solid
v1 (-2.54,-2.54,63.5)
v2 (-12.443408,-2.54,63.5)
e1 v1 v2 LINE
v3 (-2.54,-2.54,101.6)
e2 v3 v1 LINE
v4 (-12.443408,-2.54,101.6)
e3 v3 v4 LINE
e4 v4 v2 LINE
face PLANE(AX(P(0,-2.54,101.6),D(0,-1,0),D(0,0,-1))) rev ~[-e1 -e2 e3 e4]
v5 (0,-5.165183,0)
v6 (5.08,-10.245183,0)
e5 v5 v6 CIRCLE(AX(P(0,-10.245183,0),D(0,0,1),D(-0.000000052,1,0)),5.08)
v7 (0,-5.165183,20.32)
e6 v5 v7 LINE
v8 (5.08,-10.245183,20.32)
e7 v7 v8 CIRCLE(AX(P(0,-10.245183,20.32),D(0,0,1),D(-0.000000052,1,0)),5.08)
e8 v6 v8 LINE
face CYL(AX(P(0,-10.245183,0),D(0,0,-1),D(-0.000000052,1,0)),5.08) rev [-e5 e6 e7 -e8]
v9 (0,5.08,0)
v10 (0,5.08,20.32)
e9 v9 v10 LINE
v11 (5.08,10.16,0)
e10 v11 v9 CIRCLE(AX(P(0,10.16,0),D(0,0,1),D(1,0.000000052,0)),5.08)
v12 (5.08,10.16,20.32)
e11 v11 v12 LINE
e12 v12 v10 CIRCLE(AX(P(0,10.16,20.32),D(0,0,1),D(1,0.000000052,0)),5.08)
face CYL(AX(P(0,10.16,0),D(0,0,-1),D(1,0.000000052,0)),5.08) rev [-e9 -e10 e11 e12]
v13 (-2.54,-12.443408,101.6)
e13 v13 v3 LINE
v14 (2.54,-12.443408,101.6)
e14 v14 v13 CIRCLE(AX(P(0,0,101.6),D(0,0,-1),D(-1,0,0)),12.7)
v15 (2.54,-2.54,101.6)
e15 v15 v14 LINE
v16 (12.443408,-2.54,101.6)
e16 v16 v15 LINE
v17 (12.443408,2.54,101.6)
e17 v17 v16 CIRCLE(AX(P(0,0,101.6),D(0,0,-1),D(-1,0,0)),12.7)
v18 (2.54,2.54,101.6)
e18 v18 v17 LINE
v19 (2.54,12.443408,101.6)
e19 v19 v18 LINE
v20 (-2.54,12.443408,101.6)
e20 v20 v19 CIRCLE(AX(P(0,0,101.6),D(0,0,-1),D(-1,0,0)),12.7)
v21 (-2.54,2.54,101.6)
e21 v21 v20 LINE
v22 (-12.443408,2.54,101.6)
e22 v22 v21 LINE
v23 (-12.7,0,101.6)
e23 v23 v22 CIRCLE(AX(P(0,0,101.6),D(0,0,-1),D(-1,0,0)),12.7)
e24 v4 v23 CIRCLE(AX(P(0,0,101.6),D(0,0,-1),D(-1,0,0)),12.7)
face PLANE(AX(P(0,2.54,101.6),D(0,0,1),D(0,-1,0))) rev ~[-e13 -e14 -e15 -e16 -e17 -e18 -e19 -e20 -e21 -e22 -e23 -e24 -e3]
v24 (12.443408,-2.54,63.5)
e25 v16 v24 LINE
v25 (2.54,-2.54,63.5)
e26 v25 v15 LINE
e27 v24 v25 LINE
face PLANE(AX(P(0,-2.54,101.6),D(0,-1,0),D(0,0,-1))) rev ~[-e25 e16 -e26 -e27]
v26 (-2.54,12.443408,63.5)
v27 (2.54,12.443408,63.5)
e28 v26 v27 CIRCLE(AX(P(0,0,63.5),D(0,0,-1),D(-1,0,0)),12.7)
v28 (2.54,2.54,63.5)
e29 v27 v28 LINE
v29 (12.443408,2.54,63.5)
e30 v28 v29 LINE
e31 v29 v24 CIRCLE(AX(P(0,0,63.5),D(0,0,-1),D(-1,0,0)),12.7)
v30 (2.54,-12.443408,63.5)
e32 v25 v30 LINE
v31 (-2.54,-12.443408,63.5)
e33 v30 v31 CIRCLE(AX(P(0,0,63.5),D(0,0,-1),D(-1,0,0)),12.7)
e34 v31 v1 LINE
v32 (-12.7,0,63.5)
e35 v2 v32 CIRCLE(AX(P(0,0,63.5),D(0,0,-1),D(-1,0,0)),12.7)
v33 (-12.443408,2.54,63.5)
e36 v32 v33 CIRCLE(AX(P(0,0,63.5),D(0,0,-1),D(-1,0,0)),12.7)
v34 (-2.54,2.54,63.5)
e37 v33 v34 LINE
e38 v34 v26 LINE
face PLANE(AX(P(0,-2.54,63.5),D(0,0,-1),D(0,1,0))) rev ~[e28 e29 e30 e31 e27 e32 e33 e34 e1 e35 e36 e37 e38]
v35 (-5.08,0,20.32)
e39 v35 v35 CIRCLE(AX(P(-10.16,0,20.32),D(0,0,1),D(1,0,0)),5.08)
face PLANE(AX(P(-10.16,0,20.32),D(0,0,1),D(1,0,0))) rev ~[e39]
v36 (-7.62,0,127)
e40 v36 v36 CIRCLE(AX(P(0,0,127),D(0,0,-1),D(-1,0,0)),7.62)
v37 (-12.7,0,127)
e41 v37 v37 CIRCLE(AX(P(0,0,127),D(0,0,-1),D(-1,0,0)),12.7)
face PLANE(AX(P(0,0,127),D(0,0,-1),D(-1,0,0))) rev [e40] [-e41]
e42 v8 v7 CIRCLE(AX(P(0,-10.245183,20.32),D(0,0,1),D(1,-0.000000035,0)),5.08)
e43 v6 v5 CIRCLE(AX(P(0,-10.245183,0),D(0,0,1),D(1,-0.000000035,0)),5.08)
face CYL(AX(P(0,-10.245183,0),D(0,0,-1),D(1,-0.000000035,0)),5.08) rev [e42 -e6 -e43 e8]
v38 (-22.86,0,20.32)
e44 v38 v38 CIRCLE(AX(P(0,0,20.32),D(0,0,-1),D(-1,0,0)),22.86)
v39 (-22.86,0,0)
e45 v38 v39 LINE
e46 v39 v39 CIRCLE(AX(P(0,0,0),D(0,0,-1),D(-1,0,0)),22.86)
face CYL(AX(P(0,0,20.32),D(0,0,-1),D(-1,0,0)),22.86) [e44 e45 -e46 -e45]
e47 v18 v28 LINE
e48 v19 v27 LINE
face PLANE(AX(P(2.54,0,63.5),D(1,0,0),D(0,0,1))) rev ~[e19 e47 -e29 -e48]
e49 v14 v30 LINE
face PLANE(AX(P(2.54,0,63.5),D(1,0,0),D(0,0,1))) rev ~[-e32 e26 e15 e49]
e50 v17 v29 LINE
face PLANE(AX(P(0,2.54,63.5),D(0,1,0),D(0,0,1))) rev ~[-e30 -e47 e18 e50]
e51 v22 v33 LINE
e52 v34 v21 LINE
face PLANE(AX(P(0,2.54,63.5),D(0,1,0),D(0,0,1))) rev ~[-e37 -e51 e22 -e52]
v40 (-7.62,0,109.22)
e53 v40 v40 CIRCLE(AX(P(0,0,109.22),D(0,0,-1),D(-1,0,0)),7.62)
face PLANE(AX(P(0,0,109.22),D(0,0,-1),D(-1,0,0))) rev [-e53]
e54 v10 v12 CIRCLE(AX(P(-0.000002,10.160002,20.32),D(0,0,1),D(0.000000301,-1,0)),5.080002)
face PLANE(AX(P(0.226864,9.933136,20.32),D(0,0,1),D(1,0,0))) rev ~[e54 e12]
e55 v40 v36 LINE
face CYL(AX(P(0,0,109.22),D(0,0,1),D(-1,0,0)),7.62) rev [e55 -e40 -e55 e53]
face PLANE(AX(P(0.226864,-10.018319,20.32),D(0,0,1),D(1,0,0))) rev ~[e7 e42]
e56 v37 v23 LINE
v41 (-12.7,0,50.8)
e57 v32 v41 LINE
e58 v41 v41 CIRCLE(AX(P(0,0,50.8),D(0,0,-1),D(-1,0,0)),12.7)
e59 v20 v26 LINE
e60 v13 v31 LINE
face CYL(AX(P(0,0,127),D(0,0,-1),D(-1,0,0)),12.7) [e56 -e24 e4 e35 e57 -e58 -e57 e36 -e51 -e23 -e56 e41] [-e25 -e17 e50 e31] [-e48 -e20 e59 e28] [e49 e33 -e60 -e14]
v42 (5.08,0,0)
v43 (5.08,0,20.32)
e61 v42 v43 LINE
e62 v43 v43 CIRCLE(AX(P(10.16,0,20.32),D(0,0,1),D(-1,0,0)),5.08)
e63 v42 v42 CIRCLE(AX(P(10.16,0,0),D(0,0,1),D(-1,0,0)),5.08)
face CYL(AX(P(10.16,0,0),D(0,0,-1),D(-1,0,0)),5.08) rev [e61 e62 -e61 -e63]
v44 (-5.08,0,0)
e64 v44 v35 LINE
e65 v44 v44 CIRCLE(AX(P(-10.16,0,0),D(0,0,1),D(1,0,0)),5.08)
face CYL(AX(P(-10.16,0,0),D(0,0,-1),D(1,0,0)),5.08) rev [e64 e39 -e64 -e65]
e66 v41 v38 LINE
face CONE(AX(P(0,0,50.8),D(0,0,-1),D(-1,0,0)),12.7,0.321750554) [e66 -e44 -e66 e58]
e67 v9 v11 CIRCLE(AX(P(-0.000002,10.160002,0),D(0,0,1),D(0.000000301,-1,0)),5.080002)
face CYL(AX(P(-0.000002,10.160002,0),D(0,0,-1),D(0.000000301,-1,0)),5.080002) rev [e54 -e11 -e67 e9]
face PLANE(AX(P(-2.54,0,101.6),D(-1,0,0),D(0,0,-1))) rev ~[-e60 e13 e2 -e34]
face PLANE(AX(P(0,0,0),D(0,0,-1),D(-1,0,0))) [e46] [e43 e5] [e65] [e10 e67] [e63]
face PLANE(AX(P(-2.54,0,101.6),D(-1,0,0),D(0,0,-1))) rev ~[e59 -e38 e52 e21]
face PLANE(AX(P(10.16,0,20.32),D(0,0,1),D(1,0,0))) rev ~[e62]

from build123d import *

# Parameters (mm, degrees)
F2_R     = 5.08
F3_DEPTH = 20.32
F5_DEPTH = 15.24
F7_DEPTH = 15.24


with BuildPart() as f1:
    # F0 (on Front) → F1 (revolve)
    with BuildSketch(Plane.XZ):
        Polygon((-22.86, 0), (0, 0), (0, 50.8), (0, 63.5), (0, 109.22), (-7.62, 109.22), (-7.62, 127), (-12.7, 127), (-12.7, 63.5), (-12.7, 50.8), (-22.86, 20.32), align=None)
    revolve(axis=Axis((0, 0, 86.36), (0, 0, -1)))

    # F2 (on Top) → F3 (cut)
    with BuildSketch(Plane.XY):
        with BuildLine():
            ThreePointArc((5.08, 10.16), (-3.592102, 13.752102), (0, 5.08))
            ThreePointArc((0, 5.08), (3.592102, 6.567898), (5.08, 10.16))
        make_face()
        with BuildLine():
            ThreePointArc((15.24, 0), (10.16, 5.08), (5.08, 0))
            ThreePointArc((5.08, 0), (10.16, -5.08), (15.24, 0))
        make_face()
        with BuildLine():
            ThreePointArc((5.08, -10.245183), (3.592102, -6.65308), (0, -5.165183))
            ThreePointArc((0, -5.165183), (-3.592102, -13.837285), (5.08, -10.245183))
        make_face()
        with Locations((-10.16, 0)):
            Circle(F2_R)
    extrude(amount=F3_DEPTH, mode=Mode.SUBTRACT)

    # F4 (on Right) → F5 (cut, symmetric)
    with BuildSketch(Plane.YZ):
        Polygon((-2.54, 63.5), (0, 63.5), (2.54, 63.5), (2.54, 101.6), (-2.54, 101.6), align=None)
    extrude(amount=F5_DEPTH, both=True, mode=Mode.SUBTRACT)

    # F6 (on Front) → F7 (cut, symmetric)
    with BuildSketch(Plane.XZ):
        Polygon((-2.54, 63.5), (0, 63.5), (2.54, 63.5), (2.54, 101.6), (-2.54, 101.6), align=None)
    extrude(amount=F7_DEPTH, both=True, mode=Mode.SUBTRACT)


solid = f1.part
